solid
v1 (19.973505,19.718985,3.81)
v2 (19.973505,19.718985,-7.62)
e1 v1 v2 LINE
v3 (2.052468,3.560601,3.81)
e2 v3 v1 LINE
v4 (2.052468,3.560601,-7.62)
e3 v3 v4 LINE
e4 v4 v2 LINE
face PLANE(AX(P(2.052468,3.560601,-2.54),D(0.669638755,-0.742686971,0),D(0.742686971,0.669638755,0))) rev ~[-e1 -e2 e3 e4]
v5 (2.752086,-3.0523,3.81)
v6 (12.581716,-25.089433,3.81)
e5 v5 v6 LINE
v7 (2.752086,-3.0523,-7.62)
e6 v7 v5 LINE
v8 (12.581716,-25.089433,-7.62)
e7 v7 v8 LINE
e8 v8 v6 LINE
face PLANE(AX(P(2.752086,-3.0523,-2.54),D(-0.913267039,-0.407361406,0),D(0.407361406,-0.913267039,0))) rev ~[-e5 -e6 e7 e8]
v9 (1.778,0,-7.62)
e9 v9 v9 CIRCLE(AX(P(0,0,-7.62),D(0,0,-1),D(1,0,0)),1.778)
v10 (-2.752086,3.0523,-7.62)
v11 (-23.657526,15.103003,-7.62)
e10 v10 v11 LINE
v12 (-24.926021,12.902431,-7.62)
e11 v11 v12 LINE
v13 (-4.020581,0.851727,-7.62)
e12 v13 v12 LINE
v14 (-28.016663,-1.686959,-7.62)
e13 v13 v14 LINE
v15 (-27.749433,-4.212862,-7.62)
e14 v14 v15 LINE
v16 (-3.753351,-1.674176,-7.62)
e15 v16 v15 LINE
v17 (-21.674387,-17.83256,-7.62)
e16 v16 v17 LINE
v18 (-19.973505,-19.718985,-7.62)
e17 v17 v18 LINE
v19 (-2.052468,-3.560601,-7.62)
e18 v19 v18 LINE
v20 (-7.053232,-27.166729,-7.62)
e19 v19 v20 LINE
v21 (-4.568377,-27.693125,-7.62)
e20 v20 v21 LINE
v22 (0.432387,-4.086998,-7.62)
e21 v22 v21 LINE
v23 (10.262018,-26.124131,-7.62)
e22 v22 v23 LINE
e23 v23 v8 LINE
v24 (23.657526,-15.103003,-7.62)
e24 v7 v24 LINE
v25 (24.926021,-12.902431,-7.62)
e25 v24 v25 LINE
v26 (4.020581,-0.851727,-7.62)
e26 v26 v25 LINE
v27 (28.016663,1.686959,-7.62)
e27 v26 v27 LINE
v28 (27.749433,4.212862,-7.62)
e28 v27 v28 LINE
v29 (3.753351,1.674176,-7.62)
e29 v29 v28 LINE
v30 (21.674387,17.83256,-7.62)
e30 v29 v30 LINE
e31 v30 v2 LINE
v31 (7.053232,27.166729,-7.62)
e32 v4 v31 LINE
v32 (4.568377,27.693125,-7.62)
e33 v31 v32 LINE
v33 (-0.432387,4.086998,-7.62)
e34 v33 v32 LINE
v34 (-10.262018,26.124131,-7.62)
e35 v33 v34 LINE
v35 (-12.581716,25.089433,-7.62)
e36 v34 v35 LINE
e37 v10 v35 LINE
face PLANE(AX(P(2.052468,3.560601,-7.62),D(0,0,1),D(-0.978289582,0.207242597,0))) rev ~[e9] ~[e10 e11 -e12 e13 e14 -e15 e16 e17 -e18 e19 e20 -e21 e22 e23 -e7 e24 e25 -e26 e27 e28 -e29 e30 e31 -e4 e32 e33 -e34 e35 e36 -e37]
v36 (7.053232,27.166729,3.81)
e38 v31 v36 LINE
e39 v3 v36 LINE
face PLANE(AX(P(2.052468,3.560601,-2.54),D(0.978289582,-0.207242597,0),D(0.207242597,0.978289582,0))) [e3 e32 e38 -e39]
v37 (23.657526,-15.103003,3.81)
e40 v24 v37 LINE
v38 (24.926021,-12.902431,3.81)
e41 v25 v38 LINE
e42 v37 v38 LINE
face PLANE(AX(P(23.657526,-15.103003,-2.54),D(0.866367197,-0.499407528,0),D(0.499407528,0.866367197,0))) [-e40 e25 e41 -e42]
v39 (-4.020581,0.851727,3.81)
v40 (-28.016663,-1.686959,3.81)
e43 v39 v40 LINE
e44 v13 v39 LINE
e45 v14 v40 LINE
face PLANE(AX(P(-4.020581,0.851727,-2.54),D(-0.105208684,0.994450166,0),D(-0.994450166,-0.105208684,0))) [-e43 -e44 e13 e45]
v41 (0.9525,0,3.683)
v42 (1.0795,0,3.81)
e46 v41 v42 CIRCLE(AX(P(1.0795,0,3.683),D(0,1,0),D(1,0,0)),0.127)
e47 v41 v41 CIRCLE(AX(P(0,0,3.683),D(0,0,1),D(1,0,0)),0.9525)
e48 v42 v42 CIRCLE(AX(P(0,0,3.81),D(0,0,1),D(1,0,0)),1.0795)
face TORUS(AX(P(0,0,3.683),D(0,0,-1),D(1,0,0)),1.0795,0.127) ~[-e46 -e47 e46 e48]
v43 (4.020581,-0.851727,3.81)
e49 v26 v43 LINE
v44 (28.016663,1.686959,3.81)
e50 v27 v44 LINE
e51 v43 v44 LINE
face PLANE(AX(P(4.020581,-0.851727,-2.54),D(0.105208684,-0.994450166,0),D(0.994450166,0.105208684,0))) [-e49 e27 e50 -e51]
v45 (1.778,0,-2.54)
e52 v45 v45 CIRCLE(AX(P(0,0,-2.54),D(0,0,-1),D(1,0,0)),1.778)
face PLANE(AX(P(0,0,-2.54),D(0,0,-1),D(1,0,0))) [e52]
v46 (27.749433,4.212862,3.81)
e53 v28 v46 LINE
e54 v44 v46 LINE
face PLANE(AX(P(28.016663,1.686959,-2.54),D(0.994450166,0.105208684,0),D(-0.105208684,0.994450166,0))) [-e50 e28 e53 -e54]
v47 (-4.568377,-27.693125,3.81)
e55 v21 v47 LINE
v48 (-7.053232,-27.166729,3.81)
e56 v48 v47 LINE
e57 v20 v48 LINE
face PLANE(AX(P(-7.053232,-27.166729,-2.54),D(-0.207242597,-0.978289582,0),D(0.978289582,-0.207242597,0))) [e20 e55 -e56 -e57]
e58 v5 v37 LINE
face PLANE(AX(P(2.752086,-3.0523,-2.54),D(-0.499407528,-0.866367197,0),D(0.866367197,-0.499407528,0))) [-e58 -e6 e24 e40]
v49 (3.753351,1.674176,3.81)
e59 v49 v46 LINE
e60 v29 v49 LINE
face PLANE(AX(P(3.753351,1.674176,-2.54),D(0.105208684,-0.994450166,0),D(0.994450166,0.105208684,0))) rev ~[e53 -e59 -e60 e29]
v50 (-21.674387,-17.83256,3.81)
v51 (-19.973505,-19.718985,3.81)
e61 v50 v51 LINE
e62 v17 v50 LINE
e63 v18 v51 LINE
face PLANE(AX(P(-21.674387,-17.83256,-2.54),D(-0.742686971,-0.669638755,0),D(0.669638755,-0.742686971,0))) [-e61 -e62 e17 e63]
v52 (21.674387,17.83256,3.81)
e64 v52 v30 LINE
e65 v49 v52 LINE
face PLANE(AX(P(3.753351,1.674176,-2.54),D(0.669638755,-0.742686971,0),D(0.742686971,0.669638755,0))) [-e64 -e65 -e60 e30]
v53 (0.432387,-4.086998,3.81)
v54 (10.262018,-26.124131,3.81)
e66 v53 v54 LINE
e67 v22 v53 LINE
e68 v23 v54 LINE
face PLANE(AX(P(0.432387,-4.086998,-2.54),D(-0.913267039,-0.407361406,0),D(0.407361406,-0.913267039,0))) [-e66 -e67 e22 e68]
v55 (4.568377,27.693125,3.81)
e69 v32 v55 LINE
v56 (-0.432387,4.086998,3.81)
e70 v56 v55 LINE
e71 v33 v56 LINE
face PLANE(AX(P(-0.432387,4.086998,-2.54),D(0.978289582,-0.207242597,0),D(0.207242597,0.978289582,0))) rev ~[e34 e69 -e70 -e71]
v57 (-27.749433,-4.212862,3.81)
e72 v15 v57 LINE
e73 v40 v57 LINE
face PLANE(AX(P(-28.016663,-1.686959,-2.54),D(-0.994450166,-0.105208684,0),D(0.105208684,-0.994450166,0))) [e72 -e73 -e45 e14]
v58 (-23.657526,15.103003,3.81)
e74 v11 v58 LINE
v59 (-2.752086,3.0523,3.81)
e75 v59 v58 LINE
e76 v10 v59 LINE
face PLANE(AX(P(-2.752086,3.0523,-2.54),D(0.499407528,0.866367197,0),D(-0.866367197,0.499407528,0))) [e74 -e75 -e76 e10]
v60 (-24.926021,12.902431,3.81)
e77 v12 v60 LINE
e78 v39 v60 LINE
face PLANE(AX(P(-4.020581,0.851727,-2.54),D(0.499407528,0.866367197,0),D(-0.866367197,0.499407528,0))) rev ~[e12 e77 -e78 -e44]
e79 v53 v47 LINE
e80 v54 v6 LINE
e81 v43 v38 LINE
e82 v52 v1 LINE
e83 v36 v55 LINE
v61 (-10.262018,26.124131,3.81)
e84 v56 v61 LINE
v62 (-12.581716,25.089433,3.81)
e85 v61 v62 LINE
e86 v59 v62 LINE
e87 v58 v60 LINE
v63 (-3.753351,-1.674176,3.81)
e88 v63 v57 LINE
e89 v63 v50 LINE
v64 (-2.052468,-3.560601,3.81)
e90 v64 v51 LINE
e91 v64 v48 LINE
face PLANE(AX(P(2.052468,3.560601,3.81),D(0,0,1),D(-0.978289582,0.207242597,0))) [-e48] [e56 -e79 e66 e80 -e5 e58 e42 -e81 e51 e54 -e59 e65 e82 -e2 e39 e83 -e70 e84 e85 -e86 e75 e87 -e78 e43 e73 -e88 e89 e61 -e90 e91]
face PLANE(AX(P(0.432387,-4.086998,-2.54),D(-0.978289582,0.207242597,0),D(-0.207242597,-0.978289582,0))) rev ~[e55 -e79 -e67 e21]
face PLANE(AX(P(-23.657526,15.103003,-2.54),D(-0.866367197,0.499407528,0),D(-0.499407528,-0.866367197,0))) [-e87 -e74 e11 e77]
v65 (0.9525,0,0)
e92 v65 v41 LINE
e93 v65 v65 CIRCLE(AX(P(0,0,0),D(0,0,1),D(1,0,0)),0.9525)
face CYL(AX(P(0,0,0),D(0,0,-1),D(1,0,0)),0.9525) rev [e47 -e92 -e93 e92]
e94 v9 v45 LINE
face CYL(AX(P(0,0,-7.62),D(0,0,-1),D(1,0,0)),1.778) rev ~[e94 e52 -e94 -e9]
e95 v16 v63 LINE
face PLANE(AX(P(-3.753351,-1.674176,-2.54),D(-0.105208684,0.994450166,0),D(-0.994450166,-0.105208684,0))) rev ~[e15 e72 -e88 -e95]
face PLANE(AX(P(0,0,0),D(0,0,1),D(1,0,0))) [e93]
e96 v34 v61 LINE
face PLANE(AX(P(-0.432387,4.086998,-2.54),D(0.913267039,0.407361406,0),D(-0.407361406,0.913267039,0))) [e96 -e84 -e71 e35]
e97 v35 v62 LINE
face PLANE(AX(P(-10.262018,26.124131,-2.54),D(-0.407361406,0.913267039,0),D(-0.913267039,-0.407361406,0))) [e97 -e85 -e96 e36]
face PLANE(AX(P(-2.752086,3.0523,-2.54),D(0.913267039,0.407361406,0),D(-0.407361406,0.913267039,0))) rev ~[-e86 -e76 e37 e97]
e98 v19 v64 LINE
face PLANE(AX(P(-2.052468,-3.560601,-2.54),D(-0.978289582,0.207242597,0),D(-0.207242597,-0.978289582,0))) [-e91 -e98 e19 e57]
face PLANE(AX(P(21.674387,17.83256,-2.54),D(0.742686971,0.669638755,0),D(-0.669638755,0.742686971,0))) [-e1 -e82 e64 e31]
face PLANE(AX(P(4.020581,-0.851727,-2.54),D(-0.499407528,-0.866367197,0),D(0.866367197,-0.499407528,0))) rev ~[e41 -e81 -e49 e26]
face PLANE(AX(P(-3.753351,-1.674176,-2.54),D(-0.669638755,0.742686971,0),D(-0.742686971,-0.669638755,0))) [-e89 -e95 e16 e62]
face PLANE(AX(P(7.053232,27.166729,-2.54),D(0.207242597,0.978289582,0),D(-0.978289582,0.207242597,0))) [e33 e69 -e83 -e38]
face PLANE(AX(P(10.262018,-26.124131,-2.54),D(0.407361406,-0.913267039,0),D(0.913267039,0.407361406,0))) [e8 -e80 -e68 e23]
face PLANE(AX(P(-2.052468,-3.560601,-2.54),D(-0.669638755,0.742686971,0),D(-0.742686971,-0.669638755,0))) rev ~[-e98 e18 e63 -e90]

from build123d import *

# Parameters (mm, degrees)
F0_R      = 0.9525
F1_DEPTH  = 3.81
F2_R      = 0.127
F3_DEPTH  = 2.54
F4_DEPTH  = 24.13
F5_DEPTH  = 24.13
F6_DEPTH  = 24.13
F7_DEPTH  = 24.13
F8_DEPTH  = 24.13
F9_DEPTH  = 24.13
F10_DEPTH = 24.13
F11_DEPTH = 24.13
F12_DEPTH = 24.13
F13_DEPTH = 24.13
F14_DEPTH = 5.08
F15_R     = 1.778
F16_DEPTH = 5.08


with BuildPart() as f1:
    # F0 (on Top) → F1 (new body)
    with BuildSketch(Plane.XY):
        Polygon((0.4323873163, -4.0869975888), (2.7520855959, -3.0522996175), (4.0205807178, -0.8517269361), (3.75335066, 1.6741764857), (2.0524682218, 3.5606013931), (-0.4323873163, 4.0869975888), (-2.7520855959, 3.0522996175), (-4.0205807178, 0.8517269361), (-3.75335066, -1.6741764857), (-2.0524682218, -3.5606013931), align=None)
        Circle(F0_R, mode=Mode.SUBTRACT)
    extrude(amount=F1_DEPTH)

    # F2
    f2_edges = [f1.edges().sort_by_distance(p)[0] for p in [
        (-0.9525, 0, 3.81),
    ]]
    fillet(f2_edges, radius=F2_R)

    # F0 (on Top) → F3 (join)
    with BuildSketch(Plane.XY):
        Polygon((0.4323873163, -4.0869975888), (2.7520855959, -3.0522996175), (4.0205807178, -0.8517269361), (3.75335066, 1.6741764857), (2.0524682218, 3.5606013931), (-0.4323873163, 4.0869975888), (-2.7520855959, 3.0522996175), (-4.0205807178, 0.8517269361), (-3.75335066, -1.6741764857), (-2.0524682218, -3.5606013931), align=None)
        Circle(F0_R, mode=Mode.SUBTRACT)
        Circle(F0_R)
    extrude(amount=-F3_DEPTH)

    # F4 (add): a face of the model
    f4_faces = [f1.faces().sort_by_distance(p)[0] for p in [
        (2.9029094409, 2.6173889394, 0.635),
    ]]
    extrude(f4_faces, amount=F4_DEPTH)

    # F5 (add): a face of the model
    f5_faces = [f1.faces().sort_by_distance(p)[0] for p in [
        (3.8869656889, 0.4112247748, 0.635),
    ]]
    extrude(f5_faces, amount=F5_DEPTH)

    # F6 (add): a face of the model
    f6_faces = [f1.faces().sort_by_distance(p)[0] for p in [
        (3.3863331568, -1.9520132768, 0.635),
    ]]
    extrude(f6_faces, amount=F6_DEPTH)

    # F7 (add): a face of the model
    f7_faces = [f1.faces().sort_by_distance(p)[0] for p in [
        (1.5922364561, -3.5696486031, 0.635),
    ]]
    extrude(f7_faces, amount=F7_DEPTH)

    # F8 (add): a face of the model
    f8_faces = [f1.faces().sort_by_distance(p)[0] for p in [
        (-0.8100404527, -3.8237994909, 0.635),
    ]]
    extrude(f8_faces, amount=F8_DEPTH)

    # F9 (add): a face of the model
    f9_faces = [f1.faces().sort_by_distance(p)[0] for p in [
        (-2.9029094409, -2.6173889394, 0.635),
    ]]
    extrude(f9_faces, amount=F9_DEPTH)

    # F10 (add): a face of the model
    f10_faces = [f1.faces().sort_by_distance(p)[0] for p in [
        (-3.8869656889, -0.4112247748, 0.635),
    ]]
    extrude(f10_faces, amount=F10_DEPTH)

    # F11 (add): a face of the model
    f11_faces = [f1.faces().sort_by_distance(p)[0] for p in [
        (-3.3863331568, 1.9520132768, 0.635),
    ]]
    extrude(f11_faces, amount=F11_DEPTH)

    # F12 (add): a face of the model
    f12_faces = [f1.faces().sort_by_distance(p)[0] for p in [
        (-1.5922364561, 3.5696486031, 0.635),
    ]]
    extrude(f12_faces, amount=F12_DEPTH)

    # F13 (add): a face of the model
    f13_faces = [f1.faces().sort_by_distance(p)[0] for p in [
        (0.8100404527, 3.8237994909, 0.635),
    ]]
    extrude(f13_faces, amount=F13_DEPTH)

    # F14 (add): a face of the model
    f14_faces = [f1.faces().sort_by_distance(p)[0] for p in [
        (0, 0, -2.54),
    ]]
    extrude(f14_faces, amount=F14_DEPTH)

    # F15 (on face) → F16 (cut)
    with BuildSketch(Plane(origin=(0, 0, -7.62), x_dir=(1, 0, 0), z_dir=(0, 0, -1))):
        Circle(F15_R)
    extrude(amount=-F16_DEPTH, mode=Mode.SUBTRACT)


solid = f1.part
